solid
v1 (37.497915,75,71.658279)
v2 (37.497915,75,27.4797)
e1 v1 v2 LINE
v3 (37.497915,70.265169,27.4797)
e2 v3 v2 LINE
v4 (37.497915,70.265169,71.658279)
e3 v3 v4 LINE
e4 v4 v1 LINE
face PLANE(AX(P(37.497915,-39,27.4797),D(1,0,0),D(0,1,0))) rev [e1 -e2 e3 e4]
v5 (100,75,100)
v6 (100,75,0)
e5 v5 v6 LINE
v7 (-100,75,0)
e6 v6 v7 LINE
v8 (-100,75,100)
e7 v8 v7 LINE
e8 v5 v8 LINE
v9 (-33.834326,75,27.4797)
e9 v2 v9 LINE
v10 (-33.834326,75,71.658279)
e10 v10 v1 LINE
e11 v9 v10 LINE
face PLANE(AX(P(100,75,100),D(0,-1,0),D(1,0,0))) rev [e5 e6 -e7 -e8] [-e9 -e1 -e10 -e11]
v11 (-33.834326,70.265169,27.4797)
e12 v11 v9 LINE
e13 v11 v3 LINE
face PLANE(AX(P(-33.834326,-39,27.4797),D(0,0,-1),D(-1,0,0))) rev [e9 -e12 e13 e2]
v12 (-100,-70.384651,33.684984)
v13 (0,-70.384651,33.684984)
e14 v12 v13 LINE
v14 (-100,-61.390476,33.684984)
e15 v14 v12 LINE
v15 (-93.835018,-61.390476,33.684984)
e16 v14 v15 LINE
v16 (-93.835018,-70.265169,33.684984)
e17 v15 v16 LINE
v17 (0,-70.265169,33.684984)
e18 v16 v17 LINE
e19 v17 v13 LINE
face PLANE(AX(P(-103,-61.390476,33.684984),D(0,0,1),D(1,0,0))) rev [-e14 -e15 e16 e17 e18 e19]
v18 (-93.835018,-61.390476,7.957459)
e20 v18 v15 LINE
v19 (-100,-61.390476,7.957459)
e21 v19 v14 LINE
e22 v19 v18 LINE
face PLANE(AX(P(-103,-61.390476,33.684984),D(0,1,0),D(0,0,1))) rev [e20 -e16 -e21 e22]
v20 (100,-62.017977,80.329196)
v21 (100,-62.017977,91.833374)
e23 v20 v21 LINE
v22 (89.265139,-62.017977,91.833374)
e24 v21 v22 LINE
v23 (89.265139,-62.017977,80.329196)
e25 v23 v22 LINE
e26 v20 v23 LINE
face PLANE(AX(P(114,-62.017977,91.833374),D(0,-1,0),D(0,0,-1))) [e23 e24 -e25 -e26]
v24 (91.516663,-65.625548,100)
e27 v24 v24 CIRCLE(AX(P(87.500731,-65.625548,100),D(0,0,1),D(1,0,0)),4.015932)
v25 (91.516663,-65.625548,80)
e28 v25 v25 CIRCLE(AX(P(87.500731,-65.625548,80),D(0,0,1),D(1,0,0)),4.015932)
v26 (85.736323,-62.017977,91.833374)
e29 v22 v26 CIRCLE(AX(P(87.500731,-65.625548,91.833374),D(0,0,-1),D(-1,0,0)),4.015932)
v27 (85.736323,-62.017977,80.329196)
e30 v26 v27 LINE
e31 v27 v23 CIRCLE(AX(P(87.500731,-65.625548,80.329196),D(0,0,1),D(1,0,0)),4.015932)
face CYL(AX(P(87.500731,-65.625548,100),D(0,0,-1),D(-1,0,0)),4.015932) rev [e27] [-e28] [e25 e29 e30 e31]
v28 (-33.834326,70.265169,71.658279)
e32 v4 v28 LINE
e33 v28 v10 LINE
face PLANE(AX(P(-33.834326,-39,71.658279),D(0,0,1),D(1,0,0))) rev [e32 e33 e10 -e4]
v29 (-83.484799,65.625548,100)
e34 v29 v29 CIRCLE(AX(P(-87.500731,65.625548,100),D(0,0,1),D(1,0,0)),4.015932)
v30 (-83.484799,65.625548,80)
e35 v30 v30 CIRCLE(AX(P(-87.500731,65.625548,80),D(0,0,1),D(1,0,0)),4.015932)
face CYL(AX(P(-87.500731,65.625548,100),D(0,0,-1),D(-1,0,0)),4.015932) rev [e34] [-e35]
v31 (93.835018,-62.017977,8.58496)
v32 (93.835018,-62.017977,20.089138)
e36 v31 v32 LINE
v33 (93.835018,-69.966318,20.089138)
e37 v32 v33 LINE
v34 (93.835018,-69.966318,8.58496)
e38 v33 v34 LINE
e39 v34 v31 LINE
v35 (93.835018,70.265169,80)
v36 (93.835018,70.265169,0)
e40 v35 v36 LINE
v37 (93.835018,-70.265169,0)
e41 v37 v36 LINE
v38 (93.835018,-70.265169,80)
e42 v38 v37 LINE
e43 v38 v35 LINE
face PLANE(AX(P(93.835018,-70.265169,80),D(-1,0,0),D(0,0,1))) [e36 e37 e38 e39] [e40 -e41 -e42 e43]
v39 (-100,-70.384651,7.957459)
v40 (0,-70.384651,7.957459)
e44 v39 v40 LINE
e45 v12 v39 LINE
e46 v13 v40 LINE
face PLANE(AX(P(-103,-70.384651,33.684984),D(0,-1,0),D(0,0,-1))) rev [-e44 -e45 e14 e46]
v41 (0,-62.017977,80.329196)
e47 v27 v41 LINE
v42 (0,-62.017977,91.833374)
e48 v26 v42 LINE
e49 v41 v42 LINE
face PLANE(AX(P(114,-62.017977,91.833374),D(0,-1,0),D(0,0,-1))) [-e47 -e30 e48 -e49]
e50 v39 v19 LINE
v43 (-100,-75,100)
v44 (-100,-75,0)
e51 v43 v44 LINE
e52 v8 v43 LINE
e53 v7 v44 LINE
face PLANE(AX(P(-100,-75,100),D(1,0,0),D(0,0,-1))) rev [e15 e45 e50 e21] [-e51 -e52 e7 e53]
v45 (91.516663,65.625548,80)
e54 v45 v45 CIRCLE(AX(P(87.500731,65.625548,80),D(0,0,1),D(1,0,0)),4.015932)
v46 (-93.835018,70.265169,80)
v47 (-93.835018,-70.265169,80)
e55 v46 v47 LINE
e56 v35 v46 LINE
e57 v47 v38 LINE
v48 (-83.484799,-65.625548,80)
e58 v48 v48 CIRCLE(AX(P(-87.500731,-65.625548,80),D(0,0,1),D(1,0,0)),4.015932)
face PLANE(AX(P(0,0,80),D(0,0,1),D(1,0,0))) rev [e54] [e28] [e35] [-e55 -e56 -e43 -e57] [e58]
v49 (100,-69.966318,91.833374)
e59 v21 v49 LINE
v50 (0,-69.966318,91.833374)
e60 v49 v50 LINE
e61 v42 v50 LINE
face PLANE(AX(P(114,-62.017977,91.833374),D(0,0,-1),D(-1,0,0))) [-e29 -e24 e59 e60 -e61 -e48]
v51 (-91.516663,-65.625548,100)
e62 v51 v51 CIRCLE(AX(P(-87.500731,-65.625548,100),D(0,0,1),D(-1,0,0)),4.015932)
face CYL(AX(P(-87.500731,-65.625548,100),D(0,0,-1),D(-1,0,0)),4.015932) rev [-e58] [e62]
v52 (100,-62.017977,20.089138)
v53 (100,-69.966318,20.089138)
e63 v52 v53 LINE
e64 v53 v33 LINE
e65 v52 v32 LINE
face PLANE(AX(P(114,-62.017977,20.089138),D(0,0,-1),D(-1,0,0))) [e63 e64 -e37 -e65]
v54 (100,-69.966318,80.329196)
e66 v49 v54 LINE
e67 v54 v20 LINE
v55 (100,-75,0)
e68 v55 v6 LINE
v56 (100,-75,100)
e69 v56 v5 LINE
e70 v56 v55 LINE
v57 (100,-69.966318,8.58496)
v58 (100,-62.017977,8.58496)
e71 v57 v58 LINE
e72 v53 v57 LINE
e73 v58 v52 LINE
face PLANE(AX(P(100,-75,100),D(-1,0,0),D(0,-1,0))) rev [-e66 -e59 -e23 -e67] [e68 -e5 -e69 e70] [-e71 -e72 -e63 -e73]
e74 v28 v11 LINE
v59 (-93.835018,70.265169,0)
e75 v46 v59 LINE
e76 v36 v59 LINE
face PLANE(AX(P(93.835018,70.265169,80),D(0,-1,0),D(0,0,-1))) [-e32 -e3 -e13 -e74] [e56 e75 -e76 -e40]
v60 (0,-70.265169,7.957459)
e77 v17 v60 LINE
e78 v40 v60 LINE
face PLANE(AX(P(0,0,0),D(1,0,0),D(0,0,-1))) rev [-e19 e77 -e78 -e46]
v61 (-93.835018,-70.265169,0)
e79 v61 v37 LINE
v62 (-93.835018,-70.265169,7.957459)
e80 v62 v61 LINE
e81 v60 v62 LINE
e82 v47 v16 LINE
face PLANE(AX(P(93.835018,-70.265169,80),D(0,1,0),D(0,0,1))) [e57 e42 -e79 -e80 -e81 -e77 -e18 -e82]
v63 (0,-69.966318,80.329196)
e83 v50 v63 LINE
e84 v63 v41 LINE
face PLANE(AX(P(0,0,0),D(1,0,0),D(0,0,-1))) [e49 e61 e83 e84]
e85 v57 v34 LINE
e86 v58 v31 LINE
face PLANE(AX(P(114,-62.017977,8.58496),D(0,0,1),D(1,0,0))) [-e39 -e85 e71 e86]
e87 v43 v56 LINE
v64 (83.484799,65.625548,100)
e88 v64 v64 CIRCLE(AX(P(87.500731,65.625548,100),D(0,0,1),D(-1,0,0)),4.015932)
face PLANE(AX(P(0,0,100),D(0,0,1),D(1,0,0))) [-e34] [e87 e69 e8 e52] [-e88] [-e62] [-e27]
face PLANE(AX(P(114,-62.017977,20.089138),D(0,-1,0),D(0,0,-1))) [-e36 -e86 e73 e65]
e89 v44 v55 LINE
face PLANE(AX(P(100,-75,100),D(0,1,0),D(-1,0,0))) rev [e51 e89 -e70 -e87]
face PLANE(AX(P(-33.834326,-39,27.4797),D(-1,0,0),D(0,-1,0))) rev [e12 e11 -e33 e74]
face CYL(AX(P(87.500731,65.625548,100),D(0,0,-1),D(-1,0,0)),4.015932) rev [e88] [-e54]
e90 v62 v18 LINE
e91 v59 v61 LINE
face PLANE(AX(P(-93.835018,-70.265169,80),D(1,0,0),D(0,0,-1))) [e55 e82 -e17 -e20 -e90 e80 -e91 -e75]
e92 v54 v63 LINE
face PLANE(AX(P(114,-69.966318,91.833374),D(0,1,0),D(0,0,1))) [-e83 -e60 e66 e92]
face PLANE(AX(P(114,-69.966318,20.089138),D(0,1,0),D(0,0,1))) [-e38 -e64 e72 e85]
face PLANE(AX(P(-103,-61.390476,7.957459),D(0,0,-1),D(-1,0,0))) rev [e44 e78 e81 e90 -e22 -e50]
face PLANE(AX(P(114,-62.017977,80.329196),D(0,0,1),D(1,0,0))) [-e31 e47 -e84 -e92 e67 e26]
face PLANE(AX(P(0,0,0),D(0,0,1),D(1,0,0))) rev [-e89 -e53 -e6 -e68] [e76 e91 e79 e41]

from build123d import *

# Parameters (mm, degrees)
ESBO_O1_W                = 200
ESBO_O1_H                = 150
ESBO_O1_R                = 4.015931703
RESSALTO_EXTRUS_O1_DEPTH = 100
ESBO_O2_W                = 187.670035944
ESBO_O2_H                = 140.530338622
CORTE_EXTRUS_O2_DEPTH    = 80
ESBO_O3_W                = 25.727524856
ESBO_O3_H                = 8.994175356
CORTE_EXTRUS_O3_DEPTH    = 103
ESBO_O4_W                = 11.504177781
ESBO_O4_H                = 7.948341013
CORTE_EXTRUS_O4_DEPTH    = 114
ESBO_O5_W                = 71.332240634
ESBO_O5_H                = 44.178578037
CORTE_EXTRUS_O5_DEPTH    = 114


with BuildPart() as part:
    # Esboço1 → Ressalto-extrusão1 (new body)
    with BuildSketch(Plane.XY):
        Rectangle(ESBO_O1_W, ESBO_O1_H)
        with Locations((-87.500730847, 65.625548135)):
            Circle(ESBO_O1_R, mode=Mode.SUBTRACT)
        with Locations(Location((-87.500730847, -65.625548135, 0), (0, 0, 180))):
            Circle(ESBO_O1_R, mode=Mode.SUBTRACT)
        with Locations(Location((87.500730847, 65.625548135, 0), (0, 0, 180))):
            Circle(ESBO_O1_R, mode=Mode.SUBTRACT)
        with Locations((87.500730847, -65.625548135)):
            Circle(ESBO_O1_R, mode=Mode.SUBTRACT)
    extrude(amount=RESSALTO_EXTRUS_O1_DEPTH)

    # Esboço2 → Corte-extrusão2 (cut)
    with BuildSketch(Plane.XY):
        Rectangle(ESBO_O2_W, ESBO_O2_H)
    extrude(amount=CORTE_EXTRUS_O2_DEPTH, mode=Mode.SUBTRACT)

    # Esboço3 → Corte-extrusão3 (cut)
    with BuildSketch(Plane(origin=(0, 0, 0), x_dir=(0, 0, -1), z_dir=(1, 0, 0))):
        with Locations((-20.821221809, -65.887563657)):
            Rectangle(ESBO_O3_W, ESBO_O3_H)
    extrude(amount=-CORTE_EXTRUS_O3_DEPTH, mode=Mode.SUBTRACT)

    # Esboço4 → Corte-extrusão4 (cut)
    with BuildSketch(Plane(origin=(0, 0, 0), x_dir=(0, 0, -1), z_dir=(1, 0, 0))):
        with Locations((-86.08128486, -65.992147092)):
            Rectangle(ESBO_O4_W, ESBO_O4_H)
        with Locations((-14.337048878, -65.992147092)):
            Rectangle(ESBO_O4_W, ESBO_O4_H)
    extrude(amount=CORTE_EXTRUS_O4_DEPTH, mode=Mode.SUBTRACT)

    # Esboço5 → Corte-extrusão5 (cut)
    with BuildSketch(Plane(origin=(0, 75, 0), x_dir=(1, 0, 0), z_dir=(0, 1, 0))):
        with Locations((1.831794699, -49.568989483)):
            Rectangle(ESBO_O5_W, ESBO_O5_H)
    extrude(amount=-CORTE_EXTRUS_O5_DEPTH, mode=Mode.SUBTRACT)


solid = part.part
